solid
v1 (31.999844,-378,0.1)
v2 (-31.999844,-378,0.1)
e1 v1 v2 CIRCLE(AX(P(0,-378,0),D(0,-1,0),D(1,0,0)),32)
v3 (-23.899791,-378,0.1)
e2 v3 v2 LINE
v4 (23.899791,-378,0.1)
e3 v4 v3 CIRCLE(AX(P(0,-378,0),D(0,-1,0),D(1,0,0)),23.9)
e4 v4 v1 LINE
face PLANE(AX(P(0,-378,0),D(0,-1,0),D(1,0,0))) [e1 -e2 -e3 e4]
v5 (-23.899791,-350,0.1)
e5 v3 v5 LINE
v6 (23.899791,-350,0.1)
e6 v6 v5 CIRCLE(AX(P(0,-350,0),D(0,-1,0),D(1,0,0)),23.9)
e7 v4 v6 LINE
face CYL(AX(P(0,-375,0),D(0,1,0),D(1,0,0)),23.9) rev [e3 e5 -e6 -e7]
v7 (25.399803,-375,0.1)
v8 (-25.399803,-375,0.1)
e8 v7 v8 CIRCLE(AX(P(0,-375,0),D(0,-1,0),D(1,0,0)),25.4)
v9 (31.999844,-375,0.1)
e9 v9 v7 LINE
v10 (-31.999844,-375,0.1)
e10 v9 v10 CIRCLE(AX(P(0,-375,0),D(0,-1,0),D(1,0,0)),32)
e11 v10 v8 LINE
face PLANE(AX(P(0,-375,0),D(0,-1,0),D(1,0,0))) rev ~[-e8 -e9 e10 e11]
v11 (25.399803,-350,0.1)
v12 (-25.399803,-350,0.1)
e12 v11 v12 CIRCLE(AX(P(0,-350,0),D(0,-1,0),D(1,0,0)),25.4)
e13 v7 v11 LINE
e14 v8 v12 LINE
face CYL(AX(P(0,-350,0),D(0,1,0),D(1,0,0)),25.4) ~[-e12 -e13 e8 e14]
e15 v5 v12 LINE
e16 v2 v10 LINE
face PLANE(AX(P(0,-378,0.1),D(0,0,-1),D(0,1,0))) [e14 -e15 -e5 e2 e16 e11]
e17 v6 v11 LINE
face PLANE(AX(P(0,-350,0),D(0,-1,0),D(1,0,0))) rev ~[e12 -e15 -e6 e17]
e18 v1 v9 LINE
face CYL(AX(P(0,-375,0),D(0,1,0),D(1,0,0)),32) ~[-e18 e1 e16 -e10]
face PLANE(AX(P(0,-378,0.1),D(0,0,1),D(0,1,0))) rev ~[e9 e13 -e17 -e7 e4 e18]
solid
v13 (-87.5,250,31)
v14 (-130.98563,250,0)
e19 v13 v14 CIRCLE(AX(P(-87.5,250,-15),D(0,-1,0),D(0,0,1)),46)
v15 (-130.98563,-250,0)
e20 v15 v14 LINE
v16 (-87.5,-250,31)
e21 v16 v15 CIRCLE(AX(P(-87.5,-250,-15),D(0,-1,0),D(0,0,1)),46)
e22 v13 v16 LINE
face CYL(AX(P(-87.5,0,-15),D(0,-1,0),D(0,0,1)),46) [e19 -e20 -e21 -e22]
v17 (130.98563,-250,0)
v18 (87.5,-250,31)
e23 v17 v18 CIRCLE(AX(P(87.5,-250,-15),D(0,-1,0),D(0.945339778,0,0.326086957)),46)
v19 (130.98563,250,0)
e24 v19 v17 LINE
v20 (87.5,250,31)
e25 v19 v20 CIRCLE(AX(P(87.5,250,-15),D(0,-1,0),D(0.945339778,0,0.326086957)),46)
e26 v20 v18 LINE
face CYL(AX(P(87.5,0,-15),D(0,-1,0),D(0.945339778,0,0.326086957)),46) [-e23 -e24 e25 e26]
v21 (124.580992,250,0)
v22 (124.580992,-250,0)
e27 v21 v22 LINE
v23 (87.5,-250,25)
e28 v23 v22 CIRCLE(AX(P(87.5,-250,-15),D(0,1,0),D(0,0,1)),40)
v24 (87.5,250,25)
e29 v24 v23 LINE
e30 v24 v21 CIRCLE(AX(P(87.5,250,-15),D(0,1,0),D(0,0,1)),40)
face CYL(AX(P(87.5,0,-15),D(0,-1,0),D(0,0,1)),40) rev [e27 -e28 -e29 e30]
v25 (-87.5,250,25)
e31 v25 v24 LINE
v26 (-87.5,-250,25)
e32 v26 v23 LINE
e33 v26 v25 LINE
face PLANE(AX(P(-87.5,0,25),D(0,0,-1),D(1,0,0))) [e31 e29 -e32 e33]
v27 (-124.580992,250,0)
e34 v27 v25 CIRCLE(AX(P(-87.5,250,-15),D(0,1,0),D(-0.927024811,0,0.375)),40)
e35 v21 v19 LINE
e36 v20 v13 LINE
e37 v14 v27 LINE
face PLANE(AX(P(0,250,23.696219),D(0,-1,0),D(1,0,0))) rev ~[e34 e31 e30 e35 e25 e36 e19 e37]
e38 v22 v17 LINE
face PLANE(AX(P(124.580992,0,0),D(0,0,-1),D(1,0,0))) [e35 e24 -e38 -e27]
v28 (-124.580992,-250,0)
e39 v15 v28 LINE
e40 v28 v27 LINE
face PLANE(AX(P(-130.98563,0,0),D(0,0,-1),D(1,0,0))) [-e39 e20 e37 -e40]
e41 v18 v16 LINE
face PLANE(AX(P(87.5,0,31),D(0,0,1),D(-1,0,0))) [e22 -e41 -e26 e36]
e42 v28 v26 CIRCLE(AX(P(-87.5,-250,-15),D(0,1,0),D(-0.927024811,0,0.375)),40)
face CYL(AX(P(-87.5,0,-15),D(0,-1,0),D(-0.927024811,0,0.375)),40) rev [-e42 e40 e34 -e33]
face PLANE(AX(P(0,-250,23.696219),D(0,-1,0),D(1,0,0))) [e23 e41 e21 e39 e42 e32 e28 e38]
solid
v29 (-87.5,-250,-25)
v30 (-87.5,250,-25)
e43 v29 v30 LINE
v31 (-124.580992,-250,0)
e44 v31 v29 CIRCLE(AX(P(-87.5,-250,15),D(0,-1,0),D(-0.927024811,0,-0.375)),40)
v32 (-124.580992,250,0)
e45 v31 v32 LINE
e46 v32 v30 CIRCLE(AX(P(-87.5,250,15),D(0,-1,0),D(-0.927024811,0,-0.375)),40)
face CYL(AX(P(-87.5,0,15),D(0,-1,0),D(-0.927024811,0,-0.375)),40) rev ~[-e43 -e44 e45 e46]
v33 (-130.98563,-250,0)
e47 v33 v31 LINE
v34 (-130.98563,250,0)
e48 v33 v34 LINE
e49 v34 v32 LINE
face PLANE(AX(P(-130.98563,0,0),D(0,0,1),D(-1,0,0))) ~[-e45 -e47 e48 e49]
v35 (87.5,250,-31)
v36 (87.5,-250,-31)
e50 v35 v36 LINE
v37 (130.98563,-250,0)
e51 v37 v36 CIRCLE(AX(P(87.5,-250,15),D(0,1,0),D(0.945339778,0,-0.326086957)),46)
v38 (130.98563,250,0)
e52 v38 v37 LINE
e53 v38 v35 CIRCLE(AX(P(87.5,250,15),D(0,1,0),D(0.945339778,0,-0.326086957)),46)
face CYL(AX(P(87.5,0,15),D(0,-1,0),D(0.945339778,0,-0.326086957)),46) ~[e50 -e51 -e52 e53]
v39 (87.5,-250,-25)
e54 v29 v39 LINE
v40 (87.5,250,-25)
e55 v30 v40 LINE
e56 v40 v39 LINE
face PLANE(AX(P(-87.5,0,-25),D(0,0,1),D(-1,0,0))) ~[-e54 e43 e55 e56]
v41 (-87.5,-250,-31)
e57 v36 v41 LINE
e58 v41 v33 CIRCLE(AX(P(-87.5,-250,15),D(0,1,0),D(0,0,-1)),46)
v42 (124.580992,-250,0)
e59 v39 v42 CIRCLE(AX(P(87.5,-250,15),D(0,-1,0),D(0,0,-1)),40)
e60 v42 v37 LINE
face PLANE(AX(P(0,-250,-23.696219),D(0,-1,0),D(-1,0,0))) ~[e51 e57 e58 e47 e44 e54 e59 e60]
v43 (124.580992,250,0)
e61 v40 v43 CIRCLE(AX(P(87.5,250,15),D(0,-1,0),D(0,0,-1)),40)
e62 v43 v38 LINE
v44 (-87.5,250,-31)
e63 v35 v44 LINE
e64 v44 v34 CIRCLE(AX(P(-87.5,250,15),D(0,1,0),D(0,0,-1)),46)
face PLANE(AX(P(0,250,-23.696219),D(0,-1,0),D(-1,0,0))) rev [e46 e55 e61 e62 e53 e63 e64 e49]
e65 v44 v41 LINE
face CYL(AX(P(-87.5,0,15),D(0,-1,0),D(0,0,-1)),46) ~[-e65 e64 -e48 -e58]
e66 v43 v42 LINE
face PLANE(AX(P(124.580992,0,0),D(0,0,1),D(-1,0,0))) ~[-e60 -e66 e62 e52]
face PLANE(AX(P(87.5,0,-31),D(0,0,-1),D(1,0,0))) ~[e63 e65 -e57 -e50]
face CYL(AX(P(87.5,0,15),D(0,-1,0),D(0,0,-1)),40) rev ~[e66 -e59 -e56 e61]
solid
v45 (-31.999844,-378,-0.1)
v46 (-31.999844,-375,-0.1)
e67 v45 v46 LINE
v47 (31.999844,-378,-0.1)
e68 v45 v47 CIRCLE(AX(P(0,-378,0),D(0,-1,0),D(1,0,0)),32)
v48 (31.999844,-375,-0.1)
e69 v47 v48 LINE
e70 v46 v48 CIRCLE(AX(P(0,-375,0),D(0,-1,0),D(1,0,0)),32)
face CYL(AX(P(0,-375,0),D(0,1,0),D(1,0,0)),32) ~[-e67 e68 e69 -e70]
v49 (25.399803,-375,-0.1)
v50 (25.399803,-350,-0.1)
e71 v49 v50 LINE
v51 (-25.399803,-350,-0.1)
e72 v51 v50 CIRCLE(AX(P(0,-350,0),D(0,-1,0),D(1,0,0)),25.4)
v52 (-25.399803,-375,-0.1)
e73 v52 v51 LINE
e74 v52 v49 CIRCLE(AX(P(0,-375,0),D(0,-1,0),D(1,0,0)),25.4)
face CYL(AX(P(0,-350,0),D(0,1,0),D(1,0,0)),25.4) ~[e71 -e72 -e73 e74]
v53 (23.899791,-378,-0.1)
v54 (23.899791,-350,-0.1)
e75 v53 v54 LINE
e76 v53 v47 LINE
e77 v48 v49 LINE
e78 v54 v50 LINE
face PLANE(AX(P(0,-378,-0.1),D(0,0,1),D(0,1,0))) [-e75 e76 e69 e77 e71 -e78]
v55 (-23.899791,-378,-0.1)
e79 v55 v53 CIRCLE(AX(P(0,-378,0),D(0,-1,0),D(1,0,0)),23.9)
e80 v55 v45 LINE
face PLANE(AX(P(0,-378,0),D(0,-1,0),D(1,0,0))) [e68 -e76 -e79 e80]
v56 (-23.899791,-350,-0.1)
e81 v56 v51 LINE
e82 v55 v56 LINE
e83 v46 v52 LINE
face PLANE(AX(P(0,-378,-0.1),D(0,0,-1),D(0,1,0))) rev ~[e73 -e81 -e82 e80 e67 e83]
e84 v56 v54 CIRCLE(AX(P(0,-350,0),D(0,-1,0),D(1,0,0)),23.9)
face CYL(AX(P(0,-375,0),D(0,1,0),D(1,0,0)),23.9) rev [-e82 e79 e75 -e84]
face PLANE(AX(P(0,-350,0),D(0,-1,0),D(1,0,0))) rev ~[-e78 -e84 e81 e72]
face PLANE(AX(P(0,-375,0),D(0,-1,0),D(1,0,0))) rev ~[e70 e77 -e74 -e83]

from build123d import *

# Parameters (mm, degrees)
F1_DEPTH       = 250
F4_R           = 25.4
F4_R_2         = 23.9
F5_DEPTH       = 25
F6_R           = 32
F6_R_2         = 23.9
F7_DEPTH       = 3
F9_W           = 28
F9_H           = 0.1
F10_DEPTH      = 130.9866298103
F10_DEPTH_BACK = 130.9866298103


with BuildPart() as f1:
    # F0 (on Front) → F1 (new body, symmetric)
    with BuildSketch(Plane.XZ):
        with BuildLine():
            Line((-87.5, 25), (87.5, 25))
            ThreePointArc((87.5, 25), (109.860679775, 18.1662479036), (124.5809924355, 0))
            Line((124.5809924355, 0), (130.9856298103, 0))
            ThreePointArc((130.9856298103, 0), (114.2020598456, 22.4566416007), (87.5, 31))
            Line((87.5, 31), (-87.5, 31))
            ThreePointArc((-87.5, 31), (-114.2020598456, 22.4566416007), (-130.9856298103, 0))
            Line((-130.9856298103, 0), (-124.5809924355, 0))
            ThreePointArc((-124.5809924355, 0), (-109.860679775, 18.1662479036), (-87.5, 25))
        make_face()
    extrude(amount=F1_DEPTH, both=True)


with BuildPart() as f2_1:
    # F2: instance of F1
    add(f1.part.mirror(Plane(origin=(-127.7833111229, 0, 0), x_dir=(1, 0, 0), z_dir=(0, 0, -1))))


with BuildPart() as f5:
    # F4 (on offset) → F5 (new body)
    with BuildSketch(Plane.XZ.offset(350)):
        Circle(F4_R)
        Circle(F4_R_2, mode=Mode.SUBTRACT)
    extrude(amount=F5_DEPTH)

    # F6 (on face) → F7 (join)
    with BuildSketch(Plane.XZ.offset(375)):
        Circle(F6_R)
        Circle(F6_R_2, mode=Mode.SUBTRACT)
    extrude(amount=F7_DEPTH)

    # F9 (on Right) → F10 (cut, two sides)
    with BuildSketch(Plane.YZ) as f10_sk:
        with Locations((-364, -0.05)):
            Rectangle(F9_W, F9_H)
        with Locations((-364, 0.05)):
            Rectangle(F9_W, F9_H)
    extrude(amount=-F10_DEPTH, mode=Mode.SUBTRACT)
    extrude(f10_sk.sketch, amount=F10_DEPTH_BACK, mode=Mode.SUBTRACT)


solid = Compound([f1.part, f2_1.part, f5.part])
